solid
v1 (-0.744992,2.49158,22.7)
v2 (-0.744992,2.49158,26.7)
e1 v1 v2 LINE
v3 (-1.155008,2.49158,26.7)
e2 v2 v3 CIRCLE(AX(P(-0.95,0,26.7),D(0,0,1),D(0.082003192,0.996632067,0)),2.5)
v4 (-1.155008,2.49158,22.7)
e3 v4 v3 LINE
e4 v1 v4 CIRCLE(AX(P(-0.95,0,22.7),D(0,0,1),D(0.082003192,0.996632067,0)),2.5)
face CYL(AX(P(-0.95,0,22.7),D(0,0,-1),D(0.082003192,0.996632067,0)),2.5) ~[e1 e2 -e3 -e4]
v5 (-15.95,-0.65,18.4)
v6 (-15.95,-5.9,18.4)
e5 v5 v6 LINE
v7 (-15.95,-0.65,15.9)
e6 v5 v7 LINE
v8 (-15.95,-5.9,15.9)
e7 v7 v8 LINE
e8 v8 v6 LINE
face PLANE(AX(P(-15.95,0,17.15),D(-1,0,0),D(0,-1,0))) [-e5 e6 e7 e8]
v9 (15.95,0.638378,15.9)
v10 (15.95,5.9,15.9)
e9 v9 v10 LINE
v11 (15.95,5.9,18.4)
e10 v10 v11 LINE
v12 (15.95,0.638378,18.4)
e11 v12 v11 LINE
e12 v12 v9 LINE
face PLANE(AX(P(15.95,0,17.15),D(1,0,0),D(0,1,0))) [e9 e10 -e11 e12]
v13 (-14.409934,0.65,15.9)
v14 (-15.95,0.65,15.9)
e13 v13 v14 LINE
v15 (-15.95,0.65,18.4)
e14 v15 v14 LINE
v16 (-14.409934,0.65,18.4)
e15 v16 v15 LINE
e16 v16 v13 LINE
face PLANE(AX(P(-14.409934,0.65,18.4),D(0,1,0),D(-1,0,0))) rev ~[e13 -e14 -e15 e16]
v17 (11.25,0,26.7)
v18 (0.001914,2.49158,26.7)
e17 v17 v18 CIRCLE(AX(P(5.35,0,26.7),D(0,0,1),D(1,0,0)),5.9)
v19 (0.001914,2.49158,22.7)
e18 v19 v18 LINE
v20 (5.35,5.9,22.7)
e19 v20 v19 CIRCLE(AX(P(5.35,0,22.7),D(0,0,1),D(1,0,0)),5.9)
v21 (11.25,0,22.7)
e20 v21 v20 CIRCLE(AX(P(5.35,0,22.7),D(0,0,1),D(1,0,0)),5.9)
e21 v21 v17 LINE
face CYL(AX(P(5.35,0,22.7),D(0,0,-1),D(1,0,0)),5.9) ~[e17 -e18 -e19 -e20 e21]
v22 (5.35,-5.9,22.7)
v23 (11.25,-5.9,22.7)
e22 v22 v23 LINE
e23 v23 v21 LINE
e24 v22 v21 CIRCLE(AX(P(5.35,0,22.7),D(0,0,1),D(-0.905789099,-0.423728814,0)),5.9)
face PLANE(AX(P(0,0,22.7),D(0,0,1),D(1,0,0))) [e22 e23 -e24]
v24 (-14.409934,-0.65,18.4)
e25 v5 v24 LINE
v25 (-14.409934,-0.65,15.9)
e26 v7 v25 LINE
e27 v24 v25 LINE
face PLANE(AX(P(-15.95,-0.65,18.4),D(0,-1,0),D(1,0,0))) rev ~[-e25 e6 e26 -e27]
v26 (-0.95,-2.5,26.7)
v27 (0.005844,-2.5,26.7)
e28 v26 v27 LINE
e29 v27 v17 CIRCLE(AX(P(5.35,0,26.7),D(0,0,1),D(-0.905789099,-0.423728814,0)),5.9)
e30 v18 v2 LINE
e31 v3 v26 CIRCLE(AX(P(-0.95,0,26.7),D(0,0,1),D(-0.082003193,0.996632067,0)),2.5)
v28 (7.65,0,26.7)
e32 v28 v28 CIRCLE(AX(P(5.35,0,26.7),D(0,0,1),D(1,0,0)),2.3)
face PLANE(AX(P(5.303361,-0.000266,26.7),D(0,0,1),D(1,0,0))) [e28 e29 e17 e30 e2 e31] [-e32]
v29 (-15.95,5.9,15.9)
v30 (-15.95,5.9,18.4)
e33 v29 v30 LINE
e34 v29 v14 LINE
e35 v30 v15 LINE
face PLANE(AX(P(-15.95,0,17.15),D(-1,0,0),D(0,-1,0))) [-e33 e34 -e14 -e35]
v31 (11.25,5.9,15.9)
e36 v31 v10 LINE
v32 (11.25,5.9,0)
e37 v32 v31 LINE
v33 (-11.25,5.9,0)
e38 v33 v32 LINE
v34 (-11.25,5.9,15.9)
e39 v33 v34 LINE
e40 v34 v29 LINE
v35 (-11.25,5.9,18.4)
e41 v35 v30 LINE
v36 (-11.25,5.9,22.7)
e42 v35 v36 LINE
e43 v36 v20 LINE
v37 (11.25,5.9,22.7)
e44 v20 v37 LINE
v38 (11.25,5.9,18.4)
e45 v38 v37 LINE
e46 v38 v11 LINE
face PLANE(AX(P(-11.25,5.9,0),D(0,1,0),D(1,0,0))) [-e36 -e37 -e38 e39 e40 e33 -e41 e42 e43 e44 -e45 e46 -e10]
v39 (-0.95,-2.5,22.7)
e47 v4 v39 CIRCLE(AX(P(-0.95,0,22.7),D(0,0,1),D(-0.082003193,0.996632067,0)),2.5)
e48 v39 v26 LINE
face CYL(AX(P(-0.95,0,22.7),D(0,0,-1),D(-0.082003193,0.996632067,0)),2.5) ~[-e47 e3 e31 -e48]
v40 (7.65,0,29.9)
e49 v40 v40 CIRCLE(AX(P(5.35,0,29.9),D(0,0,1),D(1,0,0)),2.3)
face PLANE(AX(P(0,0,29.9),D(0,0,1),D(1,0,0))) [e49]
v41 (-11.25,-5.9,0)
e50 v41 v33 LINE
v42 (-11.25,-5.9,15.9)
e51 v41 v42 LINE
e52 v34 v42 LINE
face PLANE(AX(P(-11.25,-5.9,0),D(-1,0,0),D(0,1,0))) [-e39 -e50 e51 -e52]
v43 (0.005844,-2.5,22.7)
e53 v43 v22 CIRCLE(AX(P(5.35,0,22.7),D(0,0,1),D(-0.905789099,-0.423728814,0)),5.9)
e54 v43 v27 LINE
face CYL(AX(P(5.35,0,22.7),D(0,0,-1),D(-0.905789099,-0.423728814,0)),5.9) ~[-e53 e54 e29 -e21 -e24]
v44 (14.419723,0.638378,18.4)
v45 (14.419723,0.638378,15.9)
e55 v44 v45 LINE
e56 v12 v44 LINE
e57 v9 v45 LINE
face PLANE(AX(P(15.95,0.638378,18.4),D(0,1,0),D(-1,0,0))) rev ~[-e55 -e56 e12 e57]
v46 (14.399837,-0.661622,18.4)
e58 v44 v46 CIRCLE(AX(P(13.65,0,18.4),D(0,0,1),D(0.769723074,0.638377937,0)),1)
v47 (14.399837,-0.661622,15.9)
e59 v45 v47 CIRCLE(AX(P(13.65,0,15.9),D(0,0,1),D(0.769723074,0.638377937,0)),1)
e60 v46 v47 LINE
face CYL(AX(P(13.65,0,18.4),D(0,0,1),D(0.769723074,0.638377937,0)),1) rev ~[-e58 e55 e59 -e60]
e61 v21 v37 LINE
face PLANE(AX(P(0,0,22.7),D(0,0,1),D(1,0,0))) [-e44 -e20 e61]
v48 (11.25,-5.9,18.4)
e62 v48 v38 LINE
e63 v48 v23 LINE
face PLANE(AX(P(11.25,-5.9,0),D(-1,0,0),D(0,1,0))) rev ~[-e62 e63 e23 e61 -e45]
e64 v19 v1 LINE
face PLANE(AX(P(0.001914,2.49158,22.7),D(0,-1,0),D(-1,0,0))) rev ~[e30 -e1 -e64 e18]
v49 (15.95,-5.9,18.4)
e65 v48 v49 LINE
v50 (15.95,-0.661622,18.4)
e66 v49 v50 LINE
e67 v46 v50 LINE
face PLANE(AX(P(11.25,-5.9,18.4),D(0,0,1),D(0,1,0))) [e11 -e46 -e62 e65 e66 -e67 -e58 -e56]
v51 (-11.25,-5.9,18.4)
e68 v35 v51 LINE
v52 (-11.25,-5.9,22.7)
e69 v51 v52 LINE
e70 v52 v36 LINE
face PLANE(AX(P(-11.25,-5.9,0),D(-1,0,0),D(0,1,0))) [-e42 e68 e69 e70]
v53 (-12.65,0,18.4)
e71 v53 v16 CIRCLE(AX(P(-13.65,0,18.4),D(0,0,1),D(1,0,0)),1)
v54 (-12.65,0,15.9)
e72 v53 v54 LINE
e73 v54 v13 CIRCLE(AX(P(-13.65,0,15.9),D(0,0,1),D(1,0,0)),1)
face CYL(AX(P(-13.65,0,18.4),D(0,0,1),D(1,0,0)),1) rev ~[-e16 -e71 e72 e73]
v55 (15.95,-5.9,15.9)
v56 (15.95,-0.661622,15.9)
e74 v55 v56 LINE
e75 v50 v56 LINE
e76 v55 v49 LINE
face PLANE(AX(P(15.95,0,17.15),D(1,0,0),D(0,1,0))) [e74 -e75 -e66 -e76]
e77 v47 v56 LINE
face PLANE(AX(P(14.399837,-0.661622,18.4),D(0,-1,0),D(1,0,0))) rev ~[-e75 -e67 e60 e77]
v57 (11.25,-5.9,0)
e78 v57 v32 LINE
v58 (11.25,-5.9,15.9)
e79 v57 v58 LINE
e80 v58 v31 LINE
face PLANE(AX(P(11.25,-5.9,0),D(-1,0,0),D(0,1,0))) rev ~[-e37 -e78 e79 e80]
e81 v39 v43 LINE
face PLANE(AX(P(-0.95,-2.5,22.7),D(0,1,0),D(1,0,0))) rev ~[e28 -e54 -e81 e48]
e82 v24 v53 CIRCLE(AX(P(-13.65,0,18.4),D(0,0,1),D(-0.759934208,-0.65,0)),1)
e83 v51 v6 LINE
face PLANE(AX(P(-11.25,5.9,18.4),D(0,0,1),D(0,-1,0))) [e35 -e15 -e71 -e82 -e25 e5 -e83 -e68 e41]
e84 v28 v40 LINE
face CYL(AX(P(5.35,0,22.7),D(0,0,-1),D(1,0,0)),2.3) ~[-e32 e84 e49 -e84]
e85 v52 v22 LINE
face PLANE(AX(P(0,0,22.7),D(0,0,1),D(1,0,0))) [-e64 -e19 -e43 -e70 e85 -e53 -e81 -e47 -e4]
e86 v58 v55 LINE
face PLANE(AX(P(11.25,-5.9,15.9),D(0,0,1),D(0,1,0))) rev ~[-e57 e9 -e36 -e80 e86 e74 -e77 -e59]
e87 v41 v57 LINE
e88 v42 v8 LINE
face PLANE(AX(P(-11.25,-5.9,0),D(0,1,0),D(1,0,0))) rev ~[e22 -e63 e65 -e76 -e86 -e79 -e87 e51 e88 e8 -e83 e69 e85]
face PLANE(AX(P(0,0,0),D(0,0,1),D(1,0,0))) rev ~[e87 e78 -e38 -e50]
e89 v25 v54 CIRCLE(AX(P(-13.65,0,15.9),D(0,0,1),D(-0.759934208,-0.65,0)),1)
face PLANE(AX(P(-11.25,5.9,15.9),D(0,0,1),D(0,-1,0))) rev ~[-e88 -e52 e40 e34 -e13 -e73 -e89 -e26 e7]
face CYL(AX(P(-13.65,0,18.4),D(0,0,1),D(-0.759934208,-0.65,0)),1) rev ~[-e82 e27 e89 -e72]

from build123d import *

# Parameters (mm, degrees)
F0_W      = 22.5
F0_H      = 11.8
F1_DEPTH  = 22.7
F2_W      = 11.8
F2_H      = 2.5
F3_DEPTH  = 4.7
F4_W      = 11.8
F4_H      = 2.5
F5_DEPTH  = 4.7
F7_DEPTH  = 2.5
F9_DEPTH  = 2.5
F10_R     = 2.3
F11_DEPTH = 4
F12_DEPTH = 7.2


with BuildPart() as f1:
    # F0 (on Top) → F1 (new body)
    with BuildSketch(Plane.XY):
        Rectangle(F0_W, F0_H)
    extrude(amount=F1_DEPTH)

    # F2 (on face) → F3 (join)
    with BuildSketch(Plane(origin=(-11.25, 0, 0), x_dir=(0, -1, 0), z_dir=(-1, 0, 0))):
        with Locations((0, 17.15)):
            Rectangle(F2_W, F2_H)
    extrude(amount=F3_DEPTH)

    # F4 (on face) → F5 (join)
    with BuildSketch(Plane.YZ.offset(11.25)):
        with Locations((0, 17.15)):
            Rectangle(F4_W, F4_H)
    extrude(amount=F5_DEPTH)

    # F6 (on face) → F7 (cut)
    with BuildSketch(Plane.XY.offset(18.4)):
        with BuildLine():
            Line((-15.95, 0.65), (-15.95, 0))
            Line((-15.95, 0), (-14.65, 0))
            ThreePointArc((-14.65, 0), (-14.5880656181, 0.3464576398), (-14.4099342077, 0.65))
            Line((-14.4099342077, 0.65), (-15.95, 0.65))
        make_face()
        with BuildLine():
            Line((-14.65, 0), (-15.95, 0))
            Line((-15.95, 0), (-15.95, -0.65))
            Line((-15.95, -0.65), (-14.4099342077, -0.65))
            ThreePointArc((-14.4099342077, -0.65), (-14.5880656181, -0.3464576398), (-14.65, 0))
        make_face()
        with BuildLine():
            ThreePointArc((-14.4099342077, 0.65), (-14.5880656181, 0.3464576398), (-14.65, 0))
            ThreePointArc((-14.65, 0), (-14.5880656181, -0.3464576398), (-14.4099342077, -0.65))
            ThreePointArc((-14.4099342077, -0.65), (-13.3035423602, -0.9380656181), (-12.65, 0))
            ThreePointArc((-12.65, 0), (-13.3035423602, 0.9380656181), (-14.4099342077, 0.65))
        make_face()
    extrude(amount=-F7_DEPTH, mode=Mode.SUBTRACT)

    # F8 (on face) → F9 (cut)
    with BuildSketch(Plane.XY.offset(18.4)):
        with BuildLine():
            Line((15.95, -0.6616220634), (15.95, 0))
            Line((15.95, 0), (14.65, 0))
            ThreePointArc((14.65, 0), (14.5853709102, -0.3536682915), (14.3998374792, -0.6616220634))
            Line((14.3998374792, -0.6616220634), (15.95, -0.6616220634))
        make_face()
        with BuildLine():
            Line((14.65, 0), (15.95, 0))
            Line((15.95, 0), (15.95, 0.6383779366))
            Line((15.95, 0.6383779366), (14.4197230736, 0.6383779366))
            ThreePointArc((14.4197230736, 0.6383779366), (14.5906707909, 0.3393205906), (14.65, 0))
        make_face()
        with BuildLine():
            ThreePointArc((14.3998374792, -0.6616220634), (14.5853709102, -0.3536682915), (14.65, 0))
            ThreePointArc((14.65, 0), (14.5906707909, 0.3393205906), (14.4197230736, 0.6383779366))
            ThreePointArc((14.4197230736, 0.6383779366), (12.6501169726, 0.0152948218), (14.3998374792, -0.6616220634))
        make_face()
    extrude(amount=-F9_DEPTH, mode=Mode.SUBTRACT)

    # F10 (on face) → F11 (join)
    with BuildSketch(Plane.XY.offset(22.7)):
        with BuildLine():
            ThreePointArc((0.0058443136, -2.5), (6.6305236137, -5.759362749), (11.25, 0))
            ThreePointArc((11.25, 0), (6.6259878855, 5.7603693385), (0.0019135878, 2.4915801668))
            ThreePointArc((0.0019135878, 2.4915801668), (-0.0329189996, 2.415405358), (-0.0666666667, 2.3387437274))
            ThreePointArc((-0.0666666667, 2.3387437274), (1.1064937799, 1.4215601758), (1.55, 0))
            ThreePointArc((1.55, 0), (1.1064937799, -1.4215601758), (-0.0666666667, -2.3387437274))
            ThreePointArc((-0.0666666667, -2.3387437274), (-0.031015269, -2.4196435017), (0.0058443136, -2.5))
        make_face()
        with Locations((5.35, 0)):
            Circle(F10_R, mode=Mode.SUBTRACT)
        with BuildLine():
            ThreePointArc((-0.0666666667, 2.3387437274), (-0.0329189996, 2.415405358), (0.0019135878, 2.4915801668))
            Line((0.0019135878, 2.4915801668), (-0.7449920185, 2.4915801668))
            ThreePointArc((-0.7449920185, 2.4915801668), (-0.4004898102, 2.4388600926), (-0.0666666667, 2.3387437274))
        make_face()
        with BuildLine():
            Line((-0.95, -2.5), (0.0058443136, -2.5))
            ThreePointArc((0.0058443136, -2.5), (-0.031015269, -2.4196435017), (-0.0666666667, -2.3387437274))
            ThreePointArc((-0.0666666667, -2.3387437274), (-0.5010341429, -2.4593555374), (-0.95, -2.5))
        make_face()
        with BuildLine():
            ThreePointArc((-0.0666666667, -2.3387437274), (-0.55, 0), (-0.0666666667, 2.3387437274))
            ThreePointArc((-0.0666666667, 2.3387437274), (-0.4004898102, 2.4388600926), (-0.7449920185, 2.4915801668))
            Line((-0.7449920185, 2.4915801668), (-1.1550079815, 2.4915801668))
            ThreePointArc((-1.1550079815, 2.4915801668), (-3.4478941548, -0.1025904066), (-0.95, -2.5))
            ThreePointArc((-0.95, -2.5), (-0.5010341429, -2.4593555374), (-0.0666666667, -2.3387437274))
        make_face()
        with BuildLine():
            Line((-1.1550079815, 2.4915801668), (-0.7449920185, 2.4915801668))
            ThreePointArc((-0.7449920185, 2.4915801668), (-0.95, 2.5), (-1.1550079815, 2.4915801668))
        make_face()
        with BuildLine():
            ThreePointArc((5.3500000048, -5.9), (9.5219300107, -4.1719300073), (11.25, 0))
            ThreePointArc((11.25, 0), (9.521930009, 4.171930009), (5.35, 5.9))
            ThreePointArc((5.35, 5.9), (2.1790634652, 4.975455908), (0.0019135878, 2.4915801668))
            ThreePointArc((0.0019135878, 2.4915801668), (-0.0329189996, 2.415405358), (-0.0666666667, 2.3387437274))
            ThreePointArc((-0.0666666667, 2.3387437274), (1.1064937799, 1.4215601758), (1.55, 0))
            ThreePointArc((1.55, 0), (1.1064937799, -1.4215601758), (-0.0666666667, -2.3387437274))
            ThreePointArc((-0.0666666667, -2.3387437274), (-0.031015269, -2.4196435017), (0.0058443136, -2.5))
            ThreePointArc((0.0058443136, -2.5), (2.1829824776, -4.9779513872), (5.3500000048, -5.9))
        make_face()
        with Locations((5.35, 0)):
            Circle(F10_R, mode=Mode.SUBTRACT)
        with BuildLine():
            ThreePointArc((1.55, 0), (1.1064937799, 1.4215601758), (-0.0666666667, 2.3387437274))
            ThreePointArc((-0.0666666667, 2.3387437274), (-0.55, 0), (-0.0666666667, -2.3387437274))
            ThreePointArc((-0.0666666667, -2.3387437274), (1.1064937799, -1.4215601758), (1.55, 0))
        make_face()
    extrude(amount=F11_DEPTH)

    # F12 (add): a face of the model
    f12_faces = [f1.faces().sort_by_distance(p)[0] for p in [
        (5.35, 0, 22.7),
    ]]
    extrude(f12_faces, amount=F12_DEPTH)


solid = f1.part
